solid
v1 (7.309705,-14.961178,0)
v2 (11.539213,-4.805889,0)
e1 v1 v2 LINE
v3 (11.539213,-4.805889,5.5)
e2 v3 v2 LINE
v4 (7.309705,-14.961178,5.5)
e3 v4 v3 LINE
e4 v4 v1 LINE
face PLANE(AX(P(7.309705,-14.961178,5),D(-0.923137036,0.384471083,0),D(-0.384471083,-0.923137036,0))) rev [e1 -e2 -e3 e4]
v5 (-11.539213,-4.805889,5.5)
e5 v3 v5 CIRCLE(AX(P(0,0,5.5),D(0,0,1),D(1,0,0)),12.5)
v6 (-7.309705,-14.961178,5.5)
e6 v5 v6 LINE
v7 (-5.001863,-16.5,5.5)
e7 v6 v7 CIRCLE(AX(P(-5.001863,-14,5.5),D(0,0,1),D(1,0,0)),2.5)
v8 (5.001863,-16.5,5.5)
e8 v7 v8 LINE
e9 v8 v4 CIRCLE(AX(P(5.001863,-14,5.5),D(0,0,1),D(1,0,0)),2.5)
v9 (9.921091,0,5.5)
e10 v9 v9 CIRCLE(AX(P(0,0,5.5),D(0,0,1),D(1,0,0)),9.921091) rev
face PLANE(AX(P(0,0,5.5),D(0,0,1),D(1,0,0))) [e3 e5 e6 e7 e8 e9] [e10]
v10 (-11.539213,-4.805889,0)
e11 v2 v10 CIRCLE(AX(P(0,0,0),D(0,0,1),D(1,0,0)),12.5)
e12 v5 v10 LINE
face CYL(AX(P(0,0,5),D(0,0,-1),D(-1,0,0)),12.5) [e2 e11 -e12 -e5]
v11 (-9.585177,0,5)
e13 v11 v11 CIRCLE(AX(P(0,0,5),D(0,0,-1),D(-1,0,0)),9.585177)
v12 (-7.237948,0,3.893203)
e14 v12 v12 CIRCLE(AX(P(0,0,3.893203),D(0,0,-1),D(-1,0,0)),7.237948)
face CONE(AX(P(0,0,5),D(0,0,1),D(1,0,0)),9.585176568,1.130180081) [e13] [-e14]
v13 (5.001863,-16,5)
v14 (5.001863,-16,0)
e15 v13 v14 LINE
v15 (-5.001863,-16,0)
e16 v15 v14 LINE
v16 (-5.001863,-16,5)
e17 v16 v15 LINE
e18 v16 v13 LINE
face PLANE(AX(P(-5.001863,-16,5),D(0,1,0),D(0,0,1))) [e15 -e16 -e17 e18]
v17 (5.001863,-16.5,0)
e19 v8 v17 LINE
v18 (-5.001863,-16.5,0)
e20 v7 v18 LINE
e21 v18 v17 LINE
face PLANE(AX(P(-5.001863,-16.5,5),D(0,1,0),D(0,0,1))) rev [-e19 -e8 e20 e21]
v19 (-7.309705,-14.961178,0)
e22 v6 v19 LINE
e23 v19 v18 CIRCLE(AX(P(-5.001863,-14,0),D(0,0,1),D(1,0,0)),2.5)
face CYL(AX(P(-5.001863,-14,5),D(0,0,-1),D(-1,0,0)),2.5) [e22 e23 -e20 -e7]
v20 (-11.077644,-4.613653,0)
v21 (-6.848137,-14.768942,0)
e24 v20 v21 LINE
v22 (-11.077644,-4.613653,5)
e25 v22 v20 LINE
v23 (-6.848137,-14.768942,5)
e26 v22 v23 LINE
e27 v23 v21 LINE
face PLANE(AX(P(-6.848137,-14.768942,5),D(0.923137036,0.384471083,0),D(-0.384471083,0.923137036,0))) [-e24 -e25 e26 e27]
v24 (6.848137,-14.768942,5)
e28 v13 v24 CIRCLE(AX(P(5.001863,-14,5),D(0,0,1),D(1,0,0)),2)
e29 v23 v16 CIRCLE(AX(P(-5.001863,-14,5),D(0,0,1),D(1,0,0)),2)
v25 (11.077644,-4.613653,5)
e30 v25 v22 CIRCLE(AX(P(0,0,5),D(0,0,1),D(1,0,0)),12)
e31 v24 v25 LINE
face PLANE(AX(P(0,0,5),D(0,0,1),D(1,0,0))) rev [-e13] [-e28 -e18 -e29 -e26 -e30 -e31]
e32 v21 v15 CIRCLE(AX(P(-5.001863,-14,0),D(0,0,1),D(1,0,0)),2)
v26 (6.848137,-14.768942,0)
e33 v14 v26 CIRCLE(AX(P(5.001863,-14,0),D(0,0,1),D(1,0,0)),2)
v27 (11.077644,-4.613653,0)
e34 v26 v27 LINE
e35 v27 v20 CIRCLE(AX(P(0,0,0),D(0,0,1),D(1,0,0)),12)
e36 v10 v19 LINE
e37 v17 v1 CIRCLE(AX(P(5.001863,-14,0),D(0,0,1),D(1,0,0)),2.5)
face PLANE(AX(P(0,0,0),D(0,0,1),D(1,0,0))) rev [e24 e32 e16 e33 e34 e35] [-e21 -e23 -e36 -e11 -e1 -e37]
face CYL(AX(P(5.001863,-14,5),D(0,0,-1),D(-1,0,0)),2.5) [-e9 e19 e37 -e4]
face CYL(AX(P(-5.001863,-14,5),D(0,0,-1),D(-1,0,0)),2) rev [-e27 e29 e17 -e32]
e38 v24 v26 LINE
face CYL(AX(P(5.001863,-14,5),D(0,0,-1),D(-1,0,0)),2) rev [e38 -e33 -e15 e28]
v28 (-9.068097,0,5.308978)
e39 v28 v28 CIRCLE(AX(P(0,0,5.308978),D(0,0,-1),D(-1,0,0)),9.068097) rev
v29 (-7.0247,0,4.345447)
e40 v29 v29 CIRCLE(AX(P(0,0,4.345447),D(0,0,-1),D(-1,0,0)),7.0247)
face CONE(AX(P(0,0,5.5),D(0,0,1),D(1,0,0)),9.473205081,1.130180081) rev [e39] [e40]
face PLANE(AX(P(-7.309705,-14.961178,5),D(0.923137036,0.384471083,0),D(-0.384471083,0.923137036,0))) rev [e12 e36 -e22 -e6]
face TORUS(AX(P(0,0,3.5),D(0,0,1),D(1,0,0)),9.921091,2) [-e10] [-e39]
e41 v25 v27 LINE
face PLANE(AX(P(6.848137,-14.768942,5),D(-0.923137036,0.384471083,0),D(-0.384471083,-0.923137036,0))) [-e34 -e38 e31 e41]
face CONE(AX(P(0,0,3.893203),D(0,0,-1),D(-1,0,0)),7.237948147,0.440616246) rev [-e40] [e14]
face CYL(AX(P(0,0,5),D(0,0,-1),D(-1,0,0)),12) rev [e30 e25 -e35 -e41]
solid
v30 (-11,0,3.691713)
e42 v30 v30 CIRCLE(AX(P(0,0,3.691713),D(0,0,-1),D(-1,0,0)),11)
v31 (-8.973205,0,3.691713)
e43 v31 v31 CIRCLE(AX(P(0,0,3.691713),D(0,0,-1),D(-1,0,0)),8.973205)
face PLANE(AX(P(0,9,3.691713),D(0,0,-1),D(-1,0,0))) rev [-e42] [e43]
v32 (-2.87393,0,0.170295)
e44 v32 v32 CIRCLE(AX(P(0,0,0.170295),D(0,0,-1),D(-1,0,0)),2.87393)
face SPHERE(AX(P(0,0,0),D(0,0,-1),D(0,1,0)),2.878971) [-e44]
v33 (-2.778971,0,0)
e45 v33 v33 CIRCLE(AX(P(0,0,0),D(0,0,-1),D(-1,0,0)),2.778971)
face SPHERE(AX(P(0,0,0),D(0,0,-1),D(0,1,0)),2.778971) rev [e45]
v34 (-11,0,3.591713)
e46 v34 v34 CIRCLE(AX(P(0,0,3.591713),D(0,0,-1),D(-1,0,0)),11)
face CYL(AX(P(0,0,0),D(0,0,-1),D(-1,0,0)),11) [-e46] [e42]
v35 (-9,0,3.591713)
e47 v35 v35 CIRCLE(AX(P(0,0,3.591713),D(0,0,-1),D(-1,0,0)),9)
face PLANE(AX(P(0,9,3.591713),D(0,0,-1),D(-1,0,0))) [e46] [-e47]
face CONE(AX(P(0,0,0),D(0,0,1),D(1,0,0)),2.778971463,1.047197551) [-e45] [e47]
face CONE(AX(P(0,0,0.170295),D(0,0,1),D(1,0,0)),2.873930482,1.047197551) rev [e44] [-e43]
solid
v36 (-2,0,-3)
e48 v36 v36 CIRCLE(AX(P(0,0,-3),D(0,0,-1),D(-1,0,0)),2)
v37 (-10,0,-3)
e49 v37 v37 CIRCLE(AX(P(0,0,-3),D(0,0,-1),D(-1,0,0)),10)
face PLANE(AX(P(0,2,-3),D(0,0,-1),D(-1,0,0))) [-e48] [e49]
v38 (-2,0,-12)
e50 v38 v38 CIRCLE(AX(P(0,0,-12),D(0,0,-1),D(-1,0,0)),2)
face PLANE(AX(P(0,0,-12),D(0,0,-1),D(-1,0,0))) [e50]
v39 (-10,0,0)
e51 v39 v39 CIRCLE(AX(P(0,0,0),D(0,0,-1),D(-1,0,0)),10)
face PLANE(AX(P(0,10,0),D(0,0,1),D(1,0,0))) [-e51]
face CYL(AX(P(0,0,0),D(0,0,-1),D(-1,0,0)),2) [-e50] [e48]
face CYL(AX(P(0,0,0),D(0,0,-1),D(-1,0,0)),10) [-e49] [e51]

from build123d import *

# Parameters (mm, degrees)
EXTRUDE_THIN1_DEPTH = 5
SKETCH5_R           = 9.973205081
EXTRUDE1_DEPTH      = 0.5
FILLET1_R           = 2


with BuildPart() as part:
    # Sketch1 → Revolve1 (revolve)
    with BuildSketch(Plane(origin=(0, 0, 0), x_dir=(0, 0, -1), z_dir=(1, 0, 0))):
        Polygon((0, 0), (12, 0), (12, 2), (3, 2), (3, 10), (0, 10), align=None)
    revolve(axis=Axis((0, 0, 0), (0, 0, 1)))


with BuildPart() as body_2:
    # Sketch2 → Revolve-Thin2 (revolve)
    with BuildSketch(Plane(origin=(0, 0, 0), x_dir=(0, 0, -1), z_dir=(1, 0, 0))):
        with BuildLine():
            ThreePointArc((-2.778971463, 0), (-1.965029566, 1.965029566), (0, 2.778971463))
            Line((0, 2.778971463), (-3.5917125, 9))
            Line((-3.5917125, 9), (-3.5917125, 11))
            Line((-3.5917125, 11), (-3.6917125, 11))
            Line((-3.6917125, 11), (-3.6917125, 8.973205081))
            Line((-3.6917125, 8.973205081), (-0.170294669, 2.873930482))
            ThreePointArc((-0.170294669, 2.873930482), (-2.095083552, 1.974614291), (-2.878971463, 0))
            Line((-2.878971463, 0), (-2.778971463, 0))
        make_face()
    revolve(axis=Axis((0, 0, 0), (0, 0, 1)))


with BuildPart() as body_3:
    # Sketch4 → Extrude-Thin1 (new body)
    with BuildSketch(Plane.XY):
        with BuildLine():
            Line((7.309705434, -14.961177707), (11.539212944, -4.805888537))
            ThreePointArc((11.539212944, -4.805888537), (0, 12.5), (-11.539212944, -4.805888537))
            Line((-11.539212944, -4.805888537), (-7.309705434, -14.961177707))
            ThreePointArc((-7.309705434, -14.961177707), (-6.388775915, -16.08001734), (-5.001862845, -16.5))
            Line((-5.001862845, -16.5), (5.001862845, -16.5))
            ThreePointArc((5.001862845, -16.5), (6.388775915, -16.08001734), (7.309705434, -14.961177707))
        make_face()
        with BuildLine():
            Line((6.848136916, -14.768942166), (11.077644426, -4.613652995))
            ThreePointArc((11.077644426, -4.613652995), (0, 12), (-11.077644426, -4.613652995))
            Line((-11.077644426, -4.613652995), (-6.848136916, -14.768942166))
            ThreePointArc((-6.848136916, -14.768942166), (-6.111393301, -15.664013872), (-5.001862845, -16))
            Line((-5.001862845, -16), (5.001862845, -16))
            ThreePointArc((5.001862845, -16), (6.111393301, -15.664013872), (6.848136916, -14.768942166))
        make_face(mode=Mode.SUBTRACT)
    extrude(amount=EXTRUDE_THIN1_DEPTH)

    # Sketch5 → Extrude1 (add)
    with BuildSketch(Plane.XY.offset(5)):
        with BuildLine():
            Line((-11.539212944, -4.805888537), (-7.309705434, -14.961177707))
            ThreePointArc((-7.309705434, -14.961177707), (-6.388775915, -16.08001734), (-5.001862845, -16.5))
            Line((-5.001862845, -16.5), (5.001862845, -16.5))
            ThreePointArc((5.001862845, -16.5), (6.388775915, -16.08001734), (7.309705434, -14.961177707))
            Line((7.309705434, -14.961177707), (11.539212944, -4.805888537))
            ThreePointArc((11.539212944, -4.805888537), (0, 12.5), (-11.539212944, -4.805888537))
        make_face()
        Circle(SKETCH5_R, mode=Mode.SUBTRACT)
    extrude(amount=EXTRUDE1_DEPTH)

    # Sketch6 → Revolve-Thin3 (revolve)
    with BuildSketch(Plane(origin=(0, 0, 0), x_dir=(0, 0, -1), z_dir=(1, 0, 0))):
        Polygon((-5.5, 9.973205081), (-5.5, 9.473205081), (-4.345447499, 7.024699681), (-3.893202995, 7.237948147), (-5, 9.585176568), (-5, 9.973205081), align=None)
    revolve(axis=Axis((0, 0, 0), (0, 0, 1)))

    # Fillet1
    fillet1_edges = [body_3.edges().sort_by_distance(p)[0] for p in [
        (0, -9.473205081, 5.5),
    ]]
    fillet(fillet1_edges, radius=FILLET1_R)


solid = Compound([part.part, body_2.part, body_3.part])
